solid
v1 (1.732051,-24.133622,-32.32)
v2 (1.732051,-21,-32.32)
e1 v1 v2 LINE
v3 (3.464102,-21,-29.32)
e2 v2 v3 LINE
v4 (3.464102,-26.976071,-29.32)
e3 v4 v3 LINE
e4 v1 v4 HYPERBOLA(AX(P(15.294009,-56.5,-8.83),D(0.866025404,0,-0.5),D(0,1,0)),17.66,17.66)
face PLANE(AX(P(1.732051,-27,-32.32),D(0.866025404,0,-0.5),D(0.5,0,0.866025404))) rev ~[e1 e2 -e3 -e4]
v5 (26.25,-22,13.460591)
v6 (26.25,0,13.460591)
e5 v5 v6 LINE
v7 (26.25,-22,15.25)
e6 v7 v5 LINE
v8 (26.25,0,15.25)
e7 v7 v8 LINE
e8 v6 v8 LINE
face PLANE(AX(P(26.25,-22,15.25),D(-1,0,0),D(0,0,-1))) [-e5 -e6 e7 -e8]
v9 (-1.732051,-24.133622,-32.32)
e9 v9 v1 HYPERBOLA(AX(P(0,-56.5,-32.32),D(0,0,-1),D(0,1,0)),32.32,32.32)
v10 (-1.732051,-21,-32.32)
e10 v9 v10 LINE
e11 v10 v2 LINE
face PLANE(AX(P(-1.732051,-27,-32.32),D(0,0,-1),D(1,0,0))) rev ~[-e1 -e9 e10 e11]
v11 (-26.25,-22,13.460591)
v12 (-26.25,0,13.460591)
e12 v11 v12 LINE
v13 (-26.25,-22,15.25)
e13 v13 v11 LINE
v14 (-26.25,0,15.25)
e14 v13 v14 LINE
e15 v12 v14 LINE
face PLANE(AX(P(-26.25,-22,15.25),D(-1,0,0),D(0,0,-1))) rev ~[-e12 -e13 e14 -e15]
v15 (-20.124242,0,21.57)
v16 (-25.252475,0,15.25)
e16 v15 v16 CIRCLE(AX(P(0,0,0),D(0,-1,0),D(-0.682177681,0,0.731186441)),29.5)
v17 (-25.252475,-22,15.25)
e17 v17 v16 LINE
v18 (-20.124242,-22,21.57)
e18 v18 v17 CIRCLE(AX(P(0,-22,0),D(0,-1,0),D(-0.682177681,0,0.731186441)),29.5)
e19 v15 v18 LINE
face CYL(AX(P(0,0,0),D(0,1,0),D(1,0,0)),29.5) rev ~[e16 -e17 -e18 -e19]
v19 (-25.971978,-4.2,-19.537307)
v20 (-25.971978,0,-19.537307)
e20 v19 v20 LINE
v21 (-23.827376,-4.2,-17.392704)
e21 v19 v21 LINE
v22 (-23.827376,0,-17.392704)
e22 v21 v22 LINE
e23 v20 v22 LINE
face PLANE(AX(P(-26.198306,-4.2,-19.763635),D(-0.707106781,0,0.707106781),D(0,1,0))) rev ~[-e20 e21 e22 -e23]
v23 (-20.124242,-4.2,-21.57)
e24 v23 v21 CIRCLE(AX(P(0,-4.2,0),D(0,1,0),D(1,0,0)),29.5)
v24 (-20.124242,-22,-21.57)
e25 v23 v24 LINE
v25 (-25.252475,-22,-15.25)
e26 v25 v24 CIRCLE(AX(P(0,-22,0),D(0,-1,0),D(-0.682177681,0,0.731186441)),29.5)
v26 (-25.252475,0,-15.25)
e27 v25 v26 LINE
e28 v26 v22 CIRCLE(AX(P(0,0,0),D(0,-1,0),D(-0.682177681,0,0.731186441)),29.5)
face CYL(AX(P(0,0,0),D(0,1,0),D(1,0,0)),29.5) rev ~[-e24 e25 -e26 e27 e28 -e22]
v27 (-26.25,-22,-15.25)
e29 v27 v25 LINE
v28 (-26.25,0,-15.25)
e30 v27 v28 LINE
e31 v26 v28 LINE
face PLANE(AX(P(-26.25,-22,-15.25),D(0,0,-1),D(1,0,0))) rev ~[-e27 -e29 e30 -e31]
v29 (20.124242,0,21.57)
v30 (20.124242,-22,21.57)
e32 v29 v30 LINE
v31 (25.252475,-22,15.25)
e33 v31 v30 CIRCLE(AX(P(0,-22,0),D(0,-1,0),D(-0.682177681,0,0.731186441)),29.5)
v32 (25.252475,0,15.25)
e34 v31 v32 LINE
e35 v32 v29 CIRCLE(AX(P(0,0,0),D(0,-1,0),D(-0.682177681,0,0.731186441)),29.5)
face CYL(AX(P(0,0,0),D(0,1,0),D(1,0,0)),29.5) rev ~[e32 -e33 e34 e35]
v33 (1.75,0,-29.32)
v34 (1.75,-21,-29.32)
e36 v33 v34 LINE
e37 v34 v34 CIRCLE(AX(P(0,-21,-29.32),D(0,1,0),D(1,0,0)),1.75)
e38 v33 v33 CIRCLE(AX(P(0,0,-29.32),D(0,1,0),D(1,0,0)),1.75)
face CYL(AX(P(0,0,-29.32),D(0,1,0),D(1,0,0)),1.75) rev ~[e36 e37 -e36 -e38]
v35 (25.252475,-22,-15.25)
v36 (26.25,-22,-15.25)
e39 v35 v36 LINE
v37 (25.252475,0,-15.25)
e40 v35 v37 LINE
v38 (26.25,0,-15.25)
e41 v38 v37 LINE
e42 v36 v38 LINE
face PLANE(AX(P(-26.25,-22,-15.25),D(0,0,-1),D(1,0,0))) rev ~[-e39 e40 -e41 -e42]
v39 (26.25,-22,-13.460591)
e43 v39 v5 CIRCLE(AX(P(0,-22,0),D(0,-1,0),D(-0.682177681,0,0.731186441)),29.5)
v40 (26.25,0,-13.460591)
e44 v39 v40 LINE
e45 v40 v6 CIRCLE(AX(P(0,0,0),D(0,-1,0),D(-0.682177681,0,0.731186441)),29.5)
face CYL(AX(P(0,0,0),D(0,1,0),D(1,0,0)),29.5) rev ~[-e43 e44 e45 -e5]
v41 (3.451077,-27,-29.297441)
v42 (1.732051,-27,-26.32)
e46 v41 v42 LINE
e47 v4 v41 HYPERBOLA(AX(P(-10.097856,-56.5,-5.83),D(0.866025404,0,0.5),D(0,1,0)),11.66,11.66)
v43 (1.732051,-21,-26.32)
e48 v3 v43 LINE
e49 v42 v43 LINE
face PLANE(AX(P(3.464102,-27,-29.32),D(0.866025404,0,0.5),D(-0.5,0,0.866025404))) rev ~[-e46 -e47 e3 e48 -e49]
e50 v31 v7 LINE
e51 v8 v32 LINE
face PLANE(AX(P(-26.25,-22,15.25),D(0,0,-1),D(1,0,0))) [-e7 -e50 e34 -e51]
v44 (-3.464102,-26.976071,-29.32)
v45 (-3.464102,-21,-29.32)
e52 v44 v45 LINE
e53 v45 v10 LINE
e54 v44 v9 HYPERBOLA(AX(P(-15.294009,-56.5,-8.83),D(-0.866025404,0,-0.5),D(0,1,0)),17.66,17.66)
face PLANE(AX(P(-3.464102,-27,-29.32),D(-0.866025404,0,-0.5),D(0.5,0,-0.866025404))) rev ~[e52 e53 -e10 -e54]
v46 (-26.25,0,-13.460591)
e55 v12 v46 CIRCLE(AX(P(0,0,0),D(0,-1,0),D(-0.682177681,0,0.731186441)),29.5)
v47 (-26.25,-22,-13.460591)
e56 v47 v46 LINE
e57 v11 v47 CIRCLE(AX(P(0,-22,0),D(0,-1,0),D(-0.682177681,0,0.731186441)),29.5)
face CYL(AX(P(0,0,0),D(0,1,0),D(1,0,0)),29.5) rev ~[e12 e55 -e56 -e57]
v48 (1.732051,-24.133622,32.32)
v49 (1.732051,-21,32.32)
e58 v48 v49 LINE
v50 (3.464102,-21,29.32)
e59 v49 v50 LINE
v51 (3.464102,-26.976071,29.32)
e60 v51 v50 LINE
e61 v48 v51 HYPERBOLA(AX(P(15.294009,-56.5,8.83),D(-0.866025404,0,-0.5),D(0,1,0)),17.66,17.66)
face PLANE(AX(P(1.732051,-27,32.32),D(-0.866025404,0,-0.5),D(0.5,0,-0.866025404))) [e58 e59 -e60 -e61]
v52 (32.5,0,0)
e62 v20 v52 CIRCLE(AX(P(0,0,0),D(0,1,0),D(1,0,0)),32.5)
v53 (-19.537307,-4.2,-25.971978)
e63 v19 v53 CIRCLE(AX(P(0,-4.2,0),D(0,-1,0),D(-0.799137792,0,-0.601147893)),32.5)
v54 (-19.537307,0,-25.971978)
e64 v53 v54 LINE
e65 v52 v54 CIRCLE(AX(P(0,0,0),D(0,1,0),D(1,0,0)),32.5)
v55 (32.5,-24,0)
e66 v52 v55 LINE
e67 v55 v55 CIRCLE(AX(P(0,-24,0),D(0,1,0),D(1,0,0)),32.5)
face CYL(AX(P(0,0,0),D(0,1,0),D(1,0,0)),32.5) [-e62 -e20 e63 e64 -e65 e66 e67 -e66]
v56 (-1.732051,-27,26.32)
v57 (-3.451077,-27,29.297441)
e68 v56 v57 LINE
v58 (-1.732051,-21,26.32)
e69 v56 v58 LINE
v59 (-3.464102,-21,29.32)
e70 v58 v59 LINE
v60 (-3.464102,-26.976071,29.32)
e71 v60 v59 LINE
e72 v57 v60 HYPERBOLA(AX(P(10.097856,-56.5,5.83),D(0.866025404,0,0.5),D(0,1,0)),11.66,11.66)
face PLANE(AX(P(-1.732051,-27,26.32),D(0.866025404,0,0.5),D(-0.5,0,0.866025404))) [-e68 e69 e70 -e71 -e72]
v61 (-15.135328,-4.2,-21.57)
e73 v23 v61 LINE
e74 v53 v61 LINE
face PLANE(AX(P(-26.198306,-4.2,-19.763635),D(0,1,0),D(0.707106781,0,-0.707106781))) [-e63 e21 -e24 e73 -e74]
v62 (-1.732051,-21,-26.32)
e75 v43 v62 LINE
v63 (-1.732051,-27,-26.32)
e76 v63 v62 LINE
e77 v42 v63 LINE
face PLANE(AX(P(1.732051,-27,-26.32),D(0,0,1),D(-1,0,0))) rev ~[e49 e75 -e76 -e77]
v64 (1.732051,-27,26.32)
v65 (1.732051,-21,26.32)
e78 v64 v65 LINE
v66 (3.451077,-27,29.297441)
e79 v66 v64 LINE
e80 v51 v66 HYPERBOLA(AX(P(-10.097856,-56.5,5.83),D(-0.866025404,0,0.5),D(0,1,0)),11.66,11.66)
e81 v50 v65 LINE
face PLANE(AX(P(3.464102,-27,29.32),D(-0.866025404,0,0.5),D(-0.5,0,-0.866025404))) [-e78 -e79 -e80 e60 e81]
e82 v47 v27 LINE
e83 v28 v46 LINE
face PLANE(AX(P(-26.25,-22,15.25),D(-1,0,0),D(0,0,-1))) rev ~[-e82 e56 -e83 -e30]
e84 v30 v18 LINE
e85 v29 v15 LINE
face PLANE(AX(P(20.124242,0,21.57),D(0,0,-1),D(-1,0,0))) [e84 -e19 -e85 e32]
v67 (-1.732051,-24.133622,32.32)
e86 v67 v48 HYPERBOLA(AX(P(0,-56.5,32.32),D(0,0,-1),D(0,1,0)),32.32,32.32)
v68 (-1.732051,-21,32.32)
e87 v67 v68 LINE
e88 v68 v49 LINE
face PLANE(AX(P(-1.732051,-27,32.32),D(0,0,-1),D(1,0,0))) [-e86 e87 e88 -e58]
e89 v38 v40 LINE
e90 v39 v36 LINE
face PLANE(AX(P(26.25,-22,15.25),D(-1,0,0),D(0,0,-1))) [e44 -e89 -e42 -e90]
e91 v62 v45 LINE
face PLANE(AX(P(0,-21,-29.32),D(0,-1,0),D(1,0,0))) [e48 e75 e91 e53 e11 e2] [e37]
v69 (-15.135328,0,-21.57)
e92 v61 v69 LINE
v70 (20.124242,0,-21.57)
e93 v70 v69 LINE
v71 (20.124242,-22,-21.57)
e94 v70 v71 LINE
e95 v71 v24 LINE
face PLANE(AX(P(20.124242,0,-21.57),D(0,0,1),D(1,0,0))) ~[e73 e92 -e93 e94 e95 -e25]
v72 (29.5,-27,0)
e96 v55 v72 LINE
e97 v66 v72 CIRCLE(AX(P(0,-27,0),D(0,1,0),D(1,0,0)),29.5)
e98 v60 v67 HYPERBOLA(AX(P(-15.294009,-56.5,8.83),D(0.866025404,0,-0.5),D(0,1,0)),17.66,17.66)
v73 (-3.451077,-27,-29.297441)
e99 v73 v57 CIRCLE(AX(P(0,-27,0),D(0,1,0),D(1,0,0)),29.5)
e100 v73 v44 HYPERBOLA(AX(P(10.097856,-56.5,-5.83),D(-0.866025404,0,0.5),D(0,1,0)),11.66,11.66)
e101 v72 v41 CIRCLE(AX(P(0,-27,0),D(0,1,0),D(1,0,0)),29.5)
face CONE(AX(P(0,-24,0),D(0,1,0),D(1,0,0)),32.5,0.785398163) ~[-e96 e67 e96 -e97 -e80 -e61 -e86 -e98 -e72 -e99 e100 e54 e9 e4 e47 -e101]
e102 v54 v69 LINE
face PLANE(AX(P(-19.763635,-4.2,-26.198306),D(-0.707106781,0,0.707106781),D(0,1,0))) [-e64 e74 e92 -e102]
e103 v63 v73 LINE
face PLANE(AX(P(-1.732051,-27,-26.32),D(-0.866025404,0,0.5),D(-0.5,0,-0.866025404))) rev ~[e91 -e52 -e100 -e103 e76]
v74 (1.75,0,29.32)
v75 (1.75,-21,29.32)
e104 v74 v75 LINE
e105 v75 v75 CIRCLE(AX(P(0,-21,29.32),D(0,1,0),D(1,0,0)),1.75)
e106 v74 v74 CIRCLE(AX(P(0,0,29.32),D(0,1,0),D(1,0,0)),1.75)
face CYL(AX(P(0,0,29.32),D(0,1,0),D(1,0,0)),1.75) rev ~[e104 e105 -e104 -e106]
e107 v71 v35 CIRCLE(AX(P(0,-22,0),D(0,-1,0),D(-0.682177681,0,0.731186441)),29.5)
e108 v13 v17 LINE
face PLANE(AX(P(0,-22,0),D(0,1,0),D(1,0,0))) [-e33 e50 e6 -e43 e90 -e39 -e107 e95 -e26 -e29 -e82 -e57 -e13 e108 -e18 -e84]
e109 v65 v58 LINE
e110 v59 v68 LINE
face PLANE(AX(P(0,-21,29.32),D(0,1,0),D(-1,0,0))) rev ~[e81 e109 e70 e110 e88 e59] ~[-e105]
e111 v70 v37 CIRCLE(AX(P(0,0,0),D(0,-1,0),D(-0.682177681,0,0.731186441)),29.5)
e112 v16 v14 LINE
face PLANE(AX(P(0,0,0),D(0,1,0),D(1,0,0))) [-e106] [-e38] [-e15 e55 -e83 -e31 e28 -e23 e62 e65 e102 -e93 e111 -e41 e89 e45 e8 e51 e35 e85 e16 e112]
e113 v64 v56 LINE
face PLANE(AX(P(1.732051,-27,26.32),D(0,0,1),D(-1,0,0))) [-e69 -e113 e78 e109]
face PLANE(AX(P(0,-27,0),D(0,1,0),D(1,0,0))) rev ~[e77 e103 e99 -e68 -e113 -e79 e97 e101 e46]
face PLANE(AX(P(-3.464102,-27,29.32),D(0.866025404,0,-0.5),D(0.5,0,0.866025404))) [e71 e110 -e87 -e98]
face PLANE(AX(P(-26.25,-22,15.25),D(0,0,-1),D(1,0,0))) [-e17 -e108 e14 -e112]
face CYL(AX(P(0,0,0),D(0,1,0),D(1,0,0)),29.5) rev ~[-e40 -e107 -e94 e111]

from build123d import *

# Parameters (mm, degrees)
SKETCH2_R           = 32.5
BOSS_EXTRUDE1_DEPTH = 27
SKETCH3_R           = 29.5
CUT_EXTRUDE1_DEPTH  = 22
CHAMFER1_SIZE       = 3
BOSS_EXTRUDE2_DEPTH = 22
SKETCH6_W           = 52.5
SKETCH6_H           = 30.5
CUT_EXTRUDE3_DEPTH  = 23
CUT_EXTRUDE4_DEPTH  = 6
SKETCH12_W          = 4.2
SKETCH12_H          = 9.1
CUT_EXTRUDE5_DEPTH  = 10
SKETCH4_R           = 1.75
CUT_EXTRUDE2_DEPTH  = 28


with BuildPart() as part:
    # Sketch2 → Boss-Extrude1 (new body)
    with BuildSketch(Plane(origin=(0, 0, 0), x_dir=(1, 0, 0), z_dir=(0, 1, 0))):
        Circle(SKETCH2_R)
    extrude(amount=-BOSS_EXTRUDE1_DEPTH)

    # Sketch3 → Cut-Extrude1 (cut)
    with BuildSketch(Plane(origin=(0, 0, 0), x_dir=(1, 0, 0), z_dir=(0, 1, 0))):
        Circle(SKETCH3_R)
    extrude(amount=-CUT_EXTRUDE1_DEPTH, mode=Mode.SUBTRACT)

    # Chamfer1
    chamfer1_edges = [part.edges().sort_by_distance(p)[0] for p in [
        (-32.5, -27, 0),
    ]]
    chamfer(chamfer1_edges, length=CHAMFER1_SIZE)

    # Sketch5 → Boss-Extrude2 (add)
    with BuildSketch(Plane(origin=(0, 0, 0), x_dir=(1, 0, 0), z_dir=(0, 1, 0))):
        with BuildLine():
            Line((20.124241601, -21.57), (-20.124241601, -21.57))
            ThreePointArc((-20.124241601, -21.57), (0, -29.5), (20.124241601, -21.57))
        make_face()
    boss_extrude2 = extrude(amount=-BOSS_EXTRUDE2_DEPTH)

    # Sketch6 → Cut-Extrude3 (cut, through all)
    with BuildSketch(Plane(origin=(0, -22, 0), x_dir=(1, 0, 0), z_dir=(0, 1, 0))):
        Rectangle(SKETCH6_W, SKETCH6_H)
    extrude(amount=CUT_EXTRUDE3_DEPTH, mode=Mode.SUBTRACT)

    # Mirror1: Boss-Extrude2 across plane
    add(boss_extrude2.mirror(Plane.XY))

    # Sketch10 → Cut-Extrude4 (cut)
    with BuildSketch(Plane.XZ.offset(27)):
        Polygon((-1.732050808, -32.32), (1.732050808, -32.32), (3.464101615, -29.32), (1.732050808, -26.32), (-1.732050808, -26.32), (-3.464101615, -29.32), align=None)
        Polygon((-3.464101615, 29.32), (-1.732050808, 32.32), (1.732050808, 32.32), (3.464101615, 29.32), (1.732050808, 26.32), (-1.732050808, 26.32), align=None)
    extrude(amount=-CUT_EXTRUDE4_DEPTH, mode=Mode.SUBTRACT)

    # Sketch12 → Cut-Extrude5 (cut)
    with BuildSketch(Plane(origin=(-22.980970389, 0, -22.980970389), x_dir=(0, 1, 0), z_dir=(-0.707106781, 0, -0.707106781))):
        with Locations((-2.1, 0)):
            Rectangle(SKETCH12_W, SKETCH12_H)
    extrude(amount=-CUT_EXTRUDE5_DEPTH, mode=Mode.SUBTRACT)

    # Sketch4 → Cut-Extrude2 (cut, through all)
    with BuildSketch(Plane(origin=(0, 0, 0), x_dir=(1, 0, 0), z_dir=(0, 1, 0))):
        with Locations((0, 29.32)):
            Circle(SKETCH4_R)
        with Locations((0, -29.32)):
            Circle(SKETCH4_R)
    extrude(amount=-CUT_EXTRUDE2_DEPTH, mode=Mode.SUBTRACT)


solid = part.part
